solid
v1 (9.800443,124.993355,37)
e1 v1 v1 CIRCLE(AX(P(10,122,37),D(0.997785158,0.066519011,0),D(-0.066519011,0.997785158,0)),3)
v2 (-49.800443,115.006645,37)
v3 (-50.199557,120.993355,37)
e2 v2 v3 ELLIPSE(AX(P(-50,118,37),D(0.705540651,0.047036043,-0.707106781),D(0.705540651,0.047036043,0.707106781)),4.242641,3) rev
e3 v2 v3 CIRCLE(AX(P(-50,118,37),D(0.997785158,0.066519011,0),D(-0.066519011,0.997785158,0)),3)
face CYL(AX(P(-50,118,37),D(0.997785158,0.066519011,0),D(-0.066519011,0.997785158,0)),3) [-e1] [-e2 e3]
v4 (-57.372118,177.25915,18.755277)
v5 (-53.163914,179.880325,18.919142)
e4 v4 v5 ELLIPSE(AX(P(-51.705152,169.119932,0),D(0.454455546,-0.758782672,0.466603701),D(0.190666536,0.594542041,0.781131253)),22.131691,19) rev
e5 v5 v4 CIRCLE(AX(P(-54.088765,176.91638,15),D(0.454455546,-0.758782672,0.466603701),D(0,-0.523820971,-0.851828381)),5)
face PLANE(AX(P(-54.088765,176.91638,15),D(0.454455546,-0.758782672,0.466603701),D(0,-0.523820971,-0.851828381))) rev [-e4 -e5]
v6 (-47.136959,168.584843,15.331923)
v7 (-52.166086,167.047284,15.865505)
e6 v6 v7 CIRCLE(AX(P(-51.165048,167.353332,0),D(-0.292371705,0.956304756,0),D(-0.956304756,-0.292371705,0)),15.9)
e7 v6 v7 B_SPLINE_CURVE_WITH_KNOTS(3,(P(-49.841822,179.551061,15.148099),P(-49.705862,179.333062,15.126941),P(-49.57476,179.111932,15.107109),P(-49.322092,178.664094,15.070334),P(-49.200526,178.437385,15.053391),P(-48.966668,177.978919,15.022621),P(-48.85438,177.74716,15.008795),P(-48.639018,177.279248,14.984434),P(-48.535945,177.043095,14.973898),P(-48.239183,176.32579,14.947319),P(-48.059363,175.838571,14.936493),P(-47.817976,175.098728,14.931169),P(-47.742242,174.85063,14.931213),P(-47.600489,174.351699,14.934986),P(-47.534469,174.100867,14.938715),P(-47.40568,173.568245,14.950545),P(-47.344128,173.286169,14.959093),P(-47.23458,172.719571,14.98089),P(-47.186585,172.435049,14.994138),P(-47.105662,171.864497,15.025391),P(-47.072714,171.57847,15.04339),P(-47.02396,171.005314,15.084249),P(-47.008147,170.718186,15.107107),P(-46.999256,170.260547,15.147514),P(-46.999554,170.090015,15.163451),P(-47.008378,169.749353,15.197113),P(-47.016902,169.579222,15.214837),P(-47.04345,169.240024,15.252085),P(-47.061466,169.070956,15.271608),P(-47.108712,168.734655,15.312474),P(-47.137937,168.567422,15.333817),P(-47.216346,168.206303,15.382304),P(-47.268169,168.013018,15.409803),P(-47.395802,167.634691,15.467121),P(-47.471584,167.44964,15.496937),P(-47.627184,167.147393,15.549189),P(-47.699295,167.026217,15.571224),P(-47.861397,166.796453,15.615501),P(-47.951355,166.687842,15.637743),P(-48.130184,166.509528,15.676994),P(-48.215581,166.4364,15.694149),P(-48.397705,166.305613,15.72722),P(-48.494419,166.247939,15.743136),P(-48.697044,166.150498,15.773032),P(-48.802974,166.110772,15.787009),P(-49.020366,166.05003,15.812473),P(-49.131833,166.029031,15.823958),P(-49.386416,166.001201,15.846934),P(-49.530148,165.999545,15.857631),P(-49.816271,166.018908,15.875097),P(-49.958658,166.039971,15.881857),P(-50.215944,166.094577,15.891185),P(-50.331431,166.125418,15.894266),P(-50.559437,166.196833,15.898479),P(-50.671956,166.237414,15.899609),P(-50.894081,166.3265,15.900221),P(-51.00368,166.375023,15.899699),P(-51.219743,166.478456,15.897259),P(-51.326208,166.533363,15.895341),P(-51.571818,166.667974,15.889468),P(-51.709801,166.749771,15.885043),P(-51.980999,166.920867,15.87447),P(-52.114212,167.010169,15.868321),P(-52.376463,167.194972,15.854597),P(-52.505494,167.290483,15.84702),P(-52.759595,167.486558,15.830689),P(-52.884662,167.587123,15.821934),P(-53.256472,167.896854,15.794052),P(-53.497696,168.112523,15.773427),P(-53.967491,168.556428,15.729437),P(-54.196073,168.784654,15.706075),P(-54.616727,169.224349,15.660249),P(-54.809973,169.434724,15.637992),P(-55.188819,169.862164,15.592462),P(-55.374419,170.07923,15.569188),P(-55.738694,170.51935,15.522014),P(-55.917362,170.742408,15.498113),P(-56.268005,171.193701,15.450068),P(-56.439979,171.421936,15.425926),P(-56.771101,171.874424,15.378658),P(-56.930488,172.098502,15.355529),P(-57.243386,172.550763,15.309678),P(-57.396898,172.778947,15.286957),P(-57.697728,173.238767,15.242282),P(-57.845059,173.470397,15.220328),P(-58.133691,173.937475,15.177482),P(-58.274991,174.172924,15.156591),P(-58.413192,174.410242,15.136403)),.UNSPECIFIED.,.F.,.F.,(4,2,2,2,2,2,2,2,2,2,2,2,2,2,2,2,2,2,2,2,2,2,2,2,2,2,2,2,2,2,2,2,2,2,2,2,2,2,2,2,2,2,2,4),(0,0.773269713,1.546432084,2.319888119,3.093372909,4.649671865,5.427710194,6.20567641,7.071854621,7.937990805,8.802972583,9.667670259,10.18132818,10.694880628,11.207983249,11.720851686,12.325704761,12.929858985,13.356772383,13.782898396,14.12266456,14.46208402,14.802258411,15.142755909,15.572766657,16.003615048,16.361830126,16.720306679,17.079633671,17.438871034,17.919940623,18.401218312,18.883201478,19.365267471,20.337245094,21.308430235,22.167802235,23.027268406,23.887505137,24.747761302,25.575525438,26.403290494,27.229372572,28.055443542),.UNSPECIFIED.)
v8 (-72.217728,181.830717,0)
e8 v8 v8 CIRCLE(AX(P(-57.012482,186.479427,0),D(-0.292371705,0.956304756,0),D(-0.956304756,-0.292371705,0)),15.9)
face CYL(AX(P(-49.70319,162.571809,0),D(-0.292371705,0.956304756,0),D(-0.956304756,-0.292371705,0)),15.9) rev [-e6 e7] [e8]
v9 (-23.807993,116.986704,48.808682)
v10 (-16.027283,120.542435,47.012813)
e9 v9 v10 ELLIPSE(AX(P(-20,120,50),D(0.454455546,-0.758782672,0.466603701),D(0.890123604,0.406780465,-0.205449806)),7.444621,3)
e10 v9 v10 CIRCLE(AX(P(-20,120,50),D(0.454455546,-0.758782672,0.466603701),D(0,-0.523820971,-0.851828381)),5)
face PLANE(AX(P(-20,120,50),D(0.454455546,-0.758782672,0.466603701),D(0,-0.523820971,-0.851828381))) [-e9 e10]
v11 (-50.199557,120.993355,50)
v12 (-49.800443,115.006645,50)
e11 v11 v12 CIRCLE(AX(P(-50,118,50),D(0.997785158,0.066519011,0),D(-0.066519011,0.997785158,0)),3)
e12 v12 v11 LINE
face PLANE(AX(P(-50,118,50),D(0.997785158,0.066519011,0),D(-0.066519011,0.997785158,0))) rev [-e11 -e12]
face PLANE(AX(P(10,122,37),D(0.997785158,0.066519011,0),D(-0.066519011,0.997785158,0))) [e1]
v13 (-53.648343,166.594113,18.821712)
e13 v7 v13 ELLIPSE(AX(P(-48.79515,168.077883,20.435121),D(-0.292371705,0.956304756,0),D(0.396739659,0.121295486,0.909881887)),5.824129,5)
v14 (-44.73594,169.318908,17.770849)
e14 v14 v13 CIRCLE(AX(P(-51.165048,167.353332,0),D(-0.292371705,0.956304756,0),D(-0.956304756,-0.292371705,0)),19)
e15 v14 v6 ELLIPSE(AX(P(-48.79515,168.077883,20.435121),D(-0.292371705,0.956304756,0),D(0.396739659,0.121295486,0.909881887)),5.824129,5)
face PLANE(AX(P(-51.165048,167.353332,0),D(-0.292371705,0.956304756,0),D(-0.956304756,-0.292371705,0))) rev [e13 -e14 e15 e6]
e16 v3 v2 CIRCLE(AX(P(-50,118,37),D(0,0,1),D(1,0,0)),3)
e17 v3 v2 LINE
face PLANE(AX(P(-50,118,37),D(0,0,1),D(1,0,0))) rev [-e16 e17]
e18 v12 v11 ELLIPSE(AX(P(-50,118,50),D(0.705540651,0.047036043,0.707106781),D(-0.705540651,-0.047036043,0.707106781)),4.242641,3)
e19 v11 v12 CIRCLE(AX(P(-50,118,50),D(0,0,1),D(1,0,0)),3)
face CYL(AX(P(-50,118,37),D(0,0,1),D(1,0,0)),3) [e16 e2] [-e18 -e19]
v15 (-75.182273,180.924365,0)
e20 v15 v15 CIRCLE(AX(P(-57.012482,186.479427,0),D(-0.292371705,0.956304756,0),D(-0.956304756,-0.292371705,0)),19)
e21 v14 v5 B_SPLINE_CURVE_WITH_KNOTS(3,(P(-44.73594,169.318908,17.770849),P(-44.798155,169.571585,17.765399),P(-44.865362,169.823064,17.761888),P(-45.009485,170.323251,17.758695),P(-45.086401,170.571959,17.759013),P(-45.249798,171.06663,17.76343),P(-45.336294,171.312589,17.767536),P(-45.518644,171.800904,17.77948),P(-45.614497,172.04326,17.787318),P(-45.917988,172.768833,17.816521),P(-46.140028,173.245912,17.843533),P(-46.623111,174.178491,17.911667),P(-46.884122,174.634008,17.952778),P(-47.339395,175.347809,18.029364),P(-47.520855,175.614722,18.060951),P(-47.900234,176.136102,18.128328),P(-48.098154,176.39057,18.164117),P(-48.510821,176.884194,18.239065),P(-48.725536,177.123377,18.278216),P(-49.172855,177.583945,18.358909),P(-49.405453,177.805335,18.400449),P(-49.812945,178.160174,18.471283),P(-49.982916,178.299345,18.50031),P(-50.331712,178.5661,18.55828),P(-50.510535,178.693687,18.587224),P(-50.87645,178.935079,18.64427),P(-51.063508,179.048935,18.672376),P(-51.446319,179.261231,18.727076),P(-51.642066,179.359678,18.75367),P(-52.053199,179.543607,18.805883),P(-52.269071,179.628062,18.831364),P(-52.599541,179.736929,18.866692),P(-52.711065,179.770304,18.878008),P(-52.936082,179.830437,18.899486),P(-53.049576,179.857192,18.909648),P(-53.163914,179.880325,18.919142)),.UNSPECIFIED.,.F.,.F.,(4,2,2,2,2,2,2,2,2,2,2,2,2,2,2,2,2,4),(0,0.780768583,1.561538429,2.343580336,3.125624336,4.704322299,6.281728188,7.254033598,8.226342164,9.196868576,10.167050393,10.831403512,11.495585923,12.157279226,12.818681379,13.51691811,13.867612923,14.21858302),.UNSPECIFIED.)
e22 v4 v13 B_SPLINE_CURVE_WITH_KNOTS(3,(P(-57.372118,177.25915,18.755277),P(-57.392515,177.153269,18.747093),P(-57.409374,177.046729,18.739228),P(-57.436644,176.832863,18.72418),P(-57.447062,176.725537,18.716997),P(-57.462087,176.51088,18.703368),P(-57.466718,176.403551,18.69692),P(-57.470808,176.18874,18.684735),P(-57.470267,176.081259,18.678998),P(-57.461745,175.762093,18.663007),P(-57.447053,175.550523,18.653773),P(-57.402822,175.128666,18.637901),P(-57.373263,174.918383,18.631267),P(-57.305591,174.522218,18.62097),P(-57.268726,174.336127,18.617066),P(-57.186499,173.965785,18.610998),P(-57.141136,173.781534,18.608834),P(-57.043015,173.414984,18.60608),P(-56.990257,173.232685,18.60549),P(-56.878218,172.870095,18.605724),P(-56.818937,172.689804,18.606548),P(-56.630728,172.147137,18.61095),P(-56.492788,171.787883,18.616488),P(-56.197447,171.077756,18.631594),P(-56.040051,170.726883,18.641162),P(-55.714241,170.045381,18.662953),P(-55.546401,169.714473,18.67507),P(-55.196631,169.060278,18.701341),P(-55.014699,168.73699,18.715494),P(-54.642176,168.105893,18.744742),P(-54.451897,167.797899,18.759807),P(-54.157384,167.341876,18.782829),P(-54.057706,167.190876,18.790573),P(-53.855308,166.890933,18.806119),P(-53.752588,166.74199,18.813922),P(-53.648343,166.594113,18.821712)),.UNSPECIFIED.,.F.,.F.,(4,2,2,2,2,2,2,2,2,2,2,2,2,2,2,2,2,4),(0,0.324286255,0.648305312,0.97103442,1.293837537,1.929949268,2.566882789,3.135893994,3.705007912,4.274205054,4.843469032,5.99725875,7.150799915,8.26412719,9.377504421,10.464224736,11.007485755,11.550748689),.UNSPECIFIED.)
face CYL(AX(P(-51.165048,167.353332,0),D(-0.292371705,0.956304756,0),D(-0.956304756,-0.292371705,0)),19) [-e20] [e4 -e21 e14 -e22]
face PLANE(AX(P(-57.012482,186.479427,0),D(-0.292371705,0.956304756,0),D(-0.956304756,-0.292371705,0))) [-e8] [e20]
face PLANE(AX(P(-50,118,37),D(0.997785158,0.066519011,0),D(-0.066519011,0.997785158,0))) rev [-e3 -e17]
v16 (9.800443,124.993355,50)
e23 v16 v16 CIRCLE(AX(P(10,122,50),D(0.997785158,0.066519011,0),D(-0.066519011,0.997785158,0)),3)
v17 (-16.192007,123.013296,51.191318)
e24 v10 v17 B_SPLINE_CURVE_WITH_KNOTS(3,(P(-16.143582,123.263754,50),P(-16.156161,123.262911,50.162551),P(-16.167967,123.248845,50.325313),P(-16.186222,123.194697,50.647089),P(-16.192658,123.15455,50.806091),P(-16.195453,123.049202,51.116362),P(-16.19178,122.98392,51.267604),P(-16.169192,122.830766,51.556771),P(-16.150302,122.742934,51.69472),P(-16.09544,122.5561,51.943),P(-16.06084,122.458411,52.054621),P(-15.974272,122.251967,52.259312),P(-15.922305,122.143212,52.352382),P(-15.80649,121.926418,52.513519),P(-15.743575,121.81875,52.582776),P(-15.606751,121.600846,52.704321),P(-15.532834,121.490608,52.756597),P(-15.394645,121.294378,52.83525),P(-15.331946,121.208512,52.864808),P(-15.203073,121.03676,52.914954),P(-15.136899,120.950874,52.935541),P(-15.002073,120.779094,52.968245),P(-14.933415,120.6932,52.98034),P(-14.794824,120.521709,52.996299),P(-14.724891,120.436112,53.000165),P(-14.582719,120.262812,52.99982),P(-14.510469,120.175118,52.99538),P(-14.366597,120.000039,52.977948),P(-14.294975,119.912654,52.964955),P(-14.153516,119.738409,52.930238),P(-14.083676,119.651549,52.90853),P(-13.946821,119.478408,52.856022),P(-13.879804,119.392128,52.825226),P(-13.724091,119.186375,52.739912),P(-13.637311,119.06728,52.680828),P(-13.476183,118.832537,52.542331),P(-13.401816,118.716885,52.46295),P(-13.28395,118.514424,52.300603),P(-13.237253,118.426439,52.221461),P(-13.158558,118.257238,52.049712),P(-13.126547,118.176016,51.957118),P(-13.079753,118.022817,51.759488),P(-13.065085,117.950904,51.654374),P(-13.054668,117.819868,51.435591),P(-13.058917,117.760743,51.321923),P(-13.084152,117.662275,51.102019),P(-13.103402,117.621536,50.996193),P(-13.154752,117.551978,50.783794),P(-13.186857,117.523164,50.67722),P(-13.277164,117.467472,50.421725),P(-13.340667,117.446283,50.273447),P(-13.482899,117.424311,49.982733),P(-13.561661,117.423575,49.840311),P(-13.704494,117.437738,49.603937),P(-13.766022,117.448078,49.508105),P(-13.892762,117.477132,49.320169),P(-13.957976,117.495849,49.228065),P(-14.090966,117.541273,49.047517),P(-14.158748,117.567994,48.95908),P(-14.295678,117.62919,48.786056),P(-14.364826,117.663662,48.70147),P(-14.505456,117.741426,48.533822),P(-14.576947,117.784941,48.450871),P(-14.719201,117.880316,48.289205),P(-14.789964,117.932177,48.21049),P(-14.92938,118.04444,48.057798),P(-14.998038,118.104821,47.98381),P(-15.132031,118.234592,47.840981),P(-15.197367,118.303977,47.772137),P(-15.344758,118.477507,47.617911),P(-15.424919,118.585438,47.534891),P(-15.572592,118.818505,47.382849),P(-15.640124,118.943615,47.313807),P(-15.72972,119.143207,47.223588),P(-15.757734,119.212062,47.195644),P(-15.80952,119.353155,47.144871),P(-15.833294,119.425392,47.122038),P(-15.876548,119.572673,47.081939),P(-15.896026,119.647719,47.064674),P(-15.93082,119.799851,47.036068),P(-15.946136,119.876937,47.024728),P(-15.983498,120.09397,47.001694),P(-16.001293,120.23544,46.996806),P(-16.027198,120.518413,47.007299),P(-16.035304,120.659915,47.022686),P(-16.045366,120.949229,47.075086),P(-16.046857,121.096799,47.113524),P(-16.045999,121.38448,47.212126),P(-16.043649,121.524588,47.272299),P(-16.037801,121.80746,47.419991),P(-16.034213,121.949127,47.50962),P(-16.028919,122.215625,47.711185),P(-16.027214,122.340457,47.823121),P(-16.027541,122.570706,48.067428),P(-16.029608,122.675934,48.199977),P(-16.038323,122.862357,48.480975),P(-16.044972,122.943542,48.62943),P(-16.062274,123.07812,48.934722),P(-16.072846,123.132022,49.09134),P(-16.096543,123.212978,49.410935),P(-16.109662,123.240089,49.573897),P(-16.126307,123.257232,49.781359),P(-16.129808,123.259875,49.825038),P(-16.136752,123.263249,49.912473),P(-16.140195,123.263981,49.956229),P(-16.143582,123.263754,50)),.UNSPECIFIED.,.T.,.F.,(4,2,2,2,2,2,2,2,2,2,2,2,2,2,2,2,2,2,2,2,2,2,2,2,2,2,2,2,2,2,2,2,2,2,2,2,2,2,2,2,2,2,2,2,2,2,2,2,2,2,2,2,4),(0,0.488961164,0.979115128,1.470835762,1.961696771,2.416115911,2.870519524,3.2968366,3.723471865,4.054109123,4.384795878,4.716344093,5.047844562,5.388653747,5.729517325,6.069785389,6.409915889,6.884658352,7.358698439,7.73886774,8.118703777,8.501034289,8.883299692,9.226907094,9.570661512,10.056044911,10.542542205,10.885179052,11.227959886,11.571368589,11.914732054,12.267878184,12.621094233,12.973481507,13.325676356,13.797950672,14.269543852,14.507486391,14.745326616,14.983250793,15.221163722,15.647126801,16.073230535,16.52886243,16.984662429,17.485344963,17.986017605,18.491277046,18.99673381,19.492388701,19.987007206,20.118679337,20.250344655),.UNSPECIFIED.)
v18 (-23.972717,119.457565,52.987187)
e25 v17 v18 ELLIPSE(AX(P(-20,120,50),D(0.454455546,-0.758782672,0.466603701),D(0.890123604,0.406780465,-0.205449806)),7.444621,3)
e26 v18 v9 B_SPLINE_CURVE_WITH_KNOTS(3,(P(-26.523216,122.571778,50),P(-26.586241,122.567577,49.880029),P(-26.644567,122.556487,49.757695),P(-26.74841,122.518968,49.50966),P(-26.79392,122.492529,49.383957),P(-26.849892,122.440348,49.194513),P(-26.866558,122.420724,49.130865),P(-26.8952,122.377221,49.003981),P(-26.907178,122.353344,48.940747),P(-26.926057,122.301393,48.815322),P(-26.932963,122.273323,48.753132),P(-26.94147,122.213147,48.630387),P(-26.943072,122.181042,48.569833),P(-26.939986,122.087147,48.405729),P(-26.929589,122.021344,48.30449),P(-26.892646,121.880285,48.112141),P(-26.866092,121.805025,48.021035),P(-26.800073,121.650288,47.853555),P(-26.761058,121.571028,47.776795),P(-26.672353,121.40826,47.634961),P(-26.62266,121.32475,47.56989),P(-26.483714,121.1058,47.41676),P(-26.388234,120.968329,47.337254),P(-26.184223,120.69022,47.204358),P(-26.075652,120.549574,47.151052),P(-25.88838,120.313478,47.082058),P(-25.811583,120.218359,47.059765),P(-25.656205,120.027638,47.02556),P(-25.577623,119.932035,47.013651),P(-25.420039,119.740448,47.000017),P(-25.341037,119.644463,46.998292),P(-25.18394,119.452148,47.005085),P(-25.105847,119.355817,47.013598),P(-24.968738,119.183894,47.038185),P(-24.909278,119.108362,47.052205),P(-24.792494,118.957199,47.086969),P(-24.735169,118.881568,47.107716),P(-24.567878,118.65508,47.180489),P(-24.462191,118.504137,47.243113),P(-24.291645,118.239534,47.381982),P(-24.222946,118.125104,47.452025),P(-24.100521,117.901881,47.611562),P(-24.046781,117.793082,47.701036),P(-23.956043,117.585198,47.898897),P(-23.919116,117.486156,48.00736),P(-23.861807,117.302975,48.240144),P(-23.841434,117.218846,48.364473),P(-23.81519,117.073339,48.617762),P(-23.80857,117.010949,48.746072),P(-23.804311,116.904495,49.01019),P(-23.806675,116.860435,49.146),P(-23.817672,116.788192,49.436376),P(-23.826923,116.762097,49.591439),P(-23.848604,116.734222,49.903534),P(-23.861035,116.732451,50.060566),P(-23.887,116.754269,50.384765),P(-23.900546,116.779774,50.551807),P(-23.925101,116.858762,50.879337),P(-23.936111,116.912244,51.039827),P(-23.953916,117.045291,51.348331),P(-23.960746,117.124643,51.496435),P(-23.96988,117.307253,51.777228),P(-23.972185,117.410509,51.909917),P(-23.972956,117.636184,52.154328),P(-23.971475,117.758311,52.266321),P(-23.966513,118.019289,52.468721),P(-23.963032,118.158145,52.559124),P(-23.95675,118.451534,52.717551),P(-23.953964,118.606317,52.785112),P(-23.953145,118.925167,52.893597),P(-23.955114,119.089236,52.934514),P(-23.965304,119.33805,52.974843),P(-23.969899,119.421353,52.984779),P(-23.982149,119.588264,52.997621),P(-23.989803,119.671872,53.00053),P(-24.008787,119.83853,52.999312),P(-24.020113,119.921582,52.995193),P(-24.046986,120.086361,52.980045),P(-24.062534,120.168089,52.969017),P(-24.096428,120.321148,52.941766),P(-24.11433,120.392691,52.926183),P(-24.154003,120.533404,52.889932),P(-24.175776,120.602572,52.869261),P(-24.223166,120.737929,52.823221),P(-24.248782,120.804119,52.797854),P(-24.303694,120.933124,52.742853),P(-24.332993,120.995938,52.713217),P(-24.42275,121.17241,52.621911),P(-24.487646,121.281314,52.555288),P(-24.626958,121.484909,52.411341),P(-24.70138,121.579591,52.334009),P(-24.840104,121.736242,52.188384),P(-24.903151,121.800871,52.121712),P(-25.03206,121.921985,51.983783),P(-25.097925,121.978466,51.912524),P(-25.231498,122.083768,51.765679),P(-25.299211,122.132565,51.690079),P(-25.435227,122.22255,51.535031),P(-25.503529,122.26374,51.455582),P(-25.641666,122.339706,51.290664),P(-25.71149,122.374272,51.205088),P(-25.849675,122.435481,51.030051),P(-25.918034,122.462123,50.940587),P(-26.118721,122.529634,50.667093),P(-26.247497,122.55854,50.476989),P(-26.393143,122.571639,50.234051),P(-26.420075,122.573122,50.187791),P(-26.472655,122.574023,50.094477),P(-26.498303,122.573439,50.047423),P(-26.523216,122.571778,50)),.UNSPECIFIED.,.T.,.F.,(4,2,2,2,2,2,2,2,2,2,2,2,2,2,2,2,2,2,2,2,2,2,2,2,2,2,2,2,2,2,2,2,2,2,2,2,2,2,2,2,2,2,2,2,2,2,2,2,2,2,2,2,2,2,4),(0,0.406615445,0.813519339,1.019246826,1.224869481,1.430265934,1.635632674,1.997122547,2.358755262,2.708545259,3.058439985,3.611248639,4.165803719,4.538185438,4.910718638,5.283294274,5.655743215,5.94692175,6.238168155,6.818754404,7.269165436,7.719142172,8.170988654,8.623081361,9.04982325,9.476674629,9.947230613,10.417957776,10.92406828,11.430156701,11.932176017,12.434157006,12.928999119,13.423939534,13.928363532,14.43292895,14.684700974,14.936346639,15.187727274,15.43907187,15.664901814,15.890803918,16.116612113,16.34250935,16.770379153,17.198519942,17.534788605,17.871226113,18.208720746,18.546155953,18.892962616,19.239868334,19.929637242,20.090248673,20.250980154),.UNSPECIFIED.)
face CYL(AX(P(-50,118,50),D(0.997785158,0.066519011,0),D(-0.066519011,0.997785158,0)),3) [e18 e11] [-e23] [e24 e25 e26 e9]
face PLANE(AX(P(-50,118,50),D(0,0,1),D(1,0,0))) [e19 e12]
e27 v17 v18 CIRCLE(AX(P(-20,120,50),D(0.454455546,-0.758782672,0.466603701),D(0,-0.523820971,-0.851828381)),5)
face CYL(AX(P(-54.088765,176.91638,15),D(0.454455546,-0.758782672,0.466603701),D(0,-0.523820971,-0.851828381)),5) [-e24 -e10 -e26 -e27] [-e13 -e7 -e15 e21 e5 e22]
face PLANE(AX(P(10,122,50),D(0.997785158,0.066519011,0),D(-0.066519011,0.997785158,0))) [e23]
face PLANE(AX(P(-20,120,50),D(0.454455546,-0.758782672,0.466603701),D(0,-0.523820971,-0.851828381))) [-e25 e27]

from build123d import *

# Parameters (mm, degrees)
ABRAZADERA_PROFILE_R         = 19
BRAZO_PROFILE_R              = 5
PLACA_INT_PROFILE_R          = 3
PLACA_EXT_PROFILE_R          = 3
PUENTE_PLACAS_PROFILE_R      = 3
TALADRO_ABRAZADERA_PROFILE_R = 15.9


with BuildPart() as part:
    # Abrazadera: sweep along a curve in space
    with BuildLine() as abrazadera_path:
        Line((-51.165048326, 167.353332294, 0), (-57.012482421, 186.479427413, 0))
    # Abrazadera profile (on start of the path) → Abrazadera (sweep)
    with BuildSketch(Plane(origin=(-51.165048326, 167.353332294, 0), x_dir=(0.9563047559630354, 0.29237170472273677, 0), z_dir=(-0.29237170472273677, 0.9563047559630354, 0))):
        Circle(ABRAZADERA_PROFILE_R)
    sweep(path=abrazadera_path.line)

    # Brazo: sweep along a curve in space
    with BuildLine() as brazo_path:
        Line((-54.088765374, 176.916379853, 15), (-20, 120, 50))
    # Brazo profile (on start of the path) → Brazo (sweep)
    with BuildSketch(Plane(origin=(-54.088765374, 176.916379853, 15), x_dir=(0, -0.523820970586938, -0.851828381056512), z_dir=(0.45445554568660007, -0.7587826716841304, 0.4666037013854347))):
        Circle(BRAZO_PROFILE_R)
    sweep(path=brazo_path.line)

    # Placa_ext: sweep along a curve in space
    with BuildLine() as placa_ext_path:
        Line((-50, 118, 50), (10, 122, 50))
    # Placa_ext profile (on start of the path) → Placa_ext (sweep)
    with BuildSketch(Plane(origin=(-50, 118, 50), x_dir=(-0.06651901052377393, 0.9977851578566089, 0), z_dir=(0.9977851578566089, 0.06651901052377393, 0))):
        Circle(PLACA_EXT_PROFILE_R)
    sweep(path=placa_ext_path.line)



with BuildPart() as body_2:
    # Placa_int: sweep along a curve in space
    with BuildLine() as placa_int_path:
        Line((-50, 118, 37), (10, 122, 37))
    # Placa_int profile (on start of the path) → Placa_int (sweep)
    with BuildSketch(Plane(origin=(-50, 118, 37), x_dir=(-0.06651901052377393, 0.9977851578566089, 0), z_dir=(0.9977851578566089, 0.06651901052377393, 0))):
        Circle(PLACA_INT_PROFILE_R)
    sweep(path=placa_int_path.line)


with BuildPart() as part_1:
    add(part.part)

    add(body_2.part)  # Puente_placas merges body 2
    # Puente_placas: sweep along a curve in space
    with BuildLine() as puente_placas_path:
        Line((-50, 118, 37), (-50, 118, 50))
    # Puente_placas profile (on start of the path) → Puente_placas (sweep)
    with BuildSketch(Plane(origin=(-50, 118, 37), x_dir=(1, 0, 0), z_dir=(0, 0, 1))):
        Circle(PUENTE_PLACAS_PROFILE_R)
    sweep(path=puente_placas_path.line)

    # Taladro_abrazadera: sweep along a curve in space
    with BuildLine() as taladro_abrazadera_path:
        Line((-49.703189803, 162.571808514, 0), (-58.474340945, 191.260951193, 0))
    # Taladro_abrazadera profile (on start of the path) → Taladro_abrazadera (sweep, cut)
    with BuildSketch(Plane(origin=(-49.703189803, 162.571808514, 0), x_dir=(0.9563047559630354, 0.2923717047227367, 0), z_dir=(-0.2923717047227367, 0.9563047559630354, 0))):
        Circle(TALADRO_ABRAZADERA_PROFILE_R)
    sweep(path=taladro_abrazadera_path.line, mode=Mode.SUBTRACT)


solid = part_1.part
